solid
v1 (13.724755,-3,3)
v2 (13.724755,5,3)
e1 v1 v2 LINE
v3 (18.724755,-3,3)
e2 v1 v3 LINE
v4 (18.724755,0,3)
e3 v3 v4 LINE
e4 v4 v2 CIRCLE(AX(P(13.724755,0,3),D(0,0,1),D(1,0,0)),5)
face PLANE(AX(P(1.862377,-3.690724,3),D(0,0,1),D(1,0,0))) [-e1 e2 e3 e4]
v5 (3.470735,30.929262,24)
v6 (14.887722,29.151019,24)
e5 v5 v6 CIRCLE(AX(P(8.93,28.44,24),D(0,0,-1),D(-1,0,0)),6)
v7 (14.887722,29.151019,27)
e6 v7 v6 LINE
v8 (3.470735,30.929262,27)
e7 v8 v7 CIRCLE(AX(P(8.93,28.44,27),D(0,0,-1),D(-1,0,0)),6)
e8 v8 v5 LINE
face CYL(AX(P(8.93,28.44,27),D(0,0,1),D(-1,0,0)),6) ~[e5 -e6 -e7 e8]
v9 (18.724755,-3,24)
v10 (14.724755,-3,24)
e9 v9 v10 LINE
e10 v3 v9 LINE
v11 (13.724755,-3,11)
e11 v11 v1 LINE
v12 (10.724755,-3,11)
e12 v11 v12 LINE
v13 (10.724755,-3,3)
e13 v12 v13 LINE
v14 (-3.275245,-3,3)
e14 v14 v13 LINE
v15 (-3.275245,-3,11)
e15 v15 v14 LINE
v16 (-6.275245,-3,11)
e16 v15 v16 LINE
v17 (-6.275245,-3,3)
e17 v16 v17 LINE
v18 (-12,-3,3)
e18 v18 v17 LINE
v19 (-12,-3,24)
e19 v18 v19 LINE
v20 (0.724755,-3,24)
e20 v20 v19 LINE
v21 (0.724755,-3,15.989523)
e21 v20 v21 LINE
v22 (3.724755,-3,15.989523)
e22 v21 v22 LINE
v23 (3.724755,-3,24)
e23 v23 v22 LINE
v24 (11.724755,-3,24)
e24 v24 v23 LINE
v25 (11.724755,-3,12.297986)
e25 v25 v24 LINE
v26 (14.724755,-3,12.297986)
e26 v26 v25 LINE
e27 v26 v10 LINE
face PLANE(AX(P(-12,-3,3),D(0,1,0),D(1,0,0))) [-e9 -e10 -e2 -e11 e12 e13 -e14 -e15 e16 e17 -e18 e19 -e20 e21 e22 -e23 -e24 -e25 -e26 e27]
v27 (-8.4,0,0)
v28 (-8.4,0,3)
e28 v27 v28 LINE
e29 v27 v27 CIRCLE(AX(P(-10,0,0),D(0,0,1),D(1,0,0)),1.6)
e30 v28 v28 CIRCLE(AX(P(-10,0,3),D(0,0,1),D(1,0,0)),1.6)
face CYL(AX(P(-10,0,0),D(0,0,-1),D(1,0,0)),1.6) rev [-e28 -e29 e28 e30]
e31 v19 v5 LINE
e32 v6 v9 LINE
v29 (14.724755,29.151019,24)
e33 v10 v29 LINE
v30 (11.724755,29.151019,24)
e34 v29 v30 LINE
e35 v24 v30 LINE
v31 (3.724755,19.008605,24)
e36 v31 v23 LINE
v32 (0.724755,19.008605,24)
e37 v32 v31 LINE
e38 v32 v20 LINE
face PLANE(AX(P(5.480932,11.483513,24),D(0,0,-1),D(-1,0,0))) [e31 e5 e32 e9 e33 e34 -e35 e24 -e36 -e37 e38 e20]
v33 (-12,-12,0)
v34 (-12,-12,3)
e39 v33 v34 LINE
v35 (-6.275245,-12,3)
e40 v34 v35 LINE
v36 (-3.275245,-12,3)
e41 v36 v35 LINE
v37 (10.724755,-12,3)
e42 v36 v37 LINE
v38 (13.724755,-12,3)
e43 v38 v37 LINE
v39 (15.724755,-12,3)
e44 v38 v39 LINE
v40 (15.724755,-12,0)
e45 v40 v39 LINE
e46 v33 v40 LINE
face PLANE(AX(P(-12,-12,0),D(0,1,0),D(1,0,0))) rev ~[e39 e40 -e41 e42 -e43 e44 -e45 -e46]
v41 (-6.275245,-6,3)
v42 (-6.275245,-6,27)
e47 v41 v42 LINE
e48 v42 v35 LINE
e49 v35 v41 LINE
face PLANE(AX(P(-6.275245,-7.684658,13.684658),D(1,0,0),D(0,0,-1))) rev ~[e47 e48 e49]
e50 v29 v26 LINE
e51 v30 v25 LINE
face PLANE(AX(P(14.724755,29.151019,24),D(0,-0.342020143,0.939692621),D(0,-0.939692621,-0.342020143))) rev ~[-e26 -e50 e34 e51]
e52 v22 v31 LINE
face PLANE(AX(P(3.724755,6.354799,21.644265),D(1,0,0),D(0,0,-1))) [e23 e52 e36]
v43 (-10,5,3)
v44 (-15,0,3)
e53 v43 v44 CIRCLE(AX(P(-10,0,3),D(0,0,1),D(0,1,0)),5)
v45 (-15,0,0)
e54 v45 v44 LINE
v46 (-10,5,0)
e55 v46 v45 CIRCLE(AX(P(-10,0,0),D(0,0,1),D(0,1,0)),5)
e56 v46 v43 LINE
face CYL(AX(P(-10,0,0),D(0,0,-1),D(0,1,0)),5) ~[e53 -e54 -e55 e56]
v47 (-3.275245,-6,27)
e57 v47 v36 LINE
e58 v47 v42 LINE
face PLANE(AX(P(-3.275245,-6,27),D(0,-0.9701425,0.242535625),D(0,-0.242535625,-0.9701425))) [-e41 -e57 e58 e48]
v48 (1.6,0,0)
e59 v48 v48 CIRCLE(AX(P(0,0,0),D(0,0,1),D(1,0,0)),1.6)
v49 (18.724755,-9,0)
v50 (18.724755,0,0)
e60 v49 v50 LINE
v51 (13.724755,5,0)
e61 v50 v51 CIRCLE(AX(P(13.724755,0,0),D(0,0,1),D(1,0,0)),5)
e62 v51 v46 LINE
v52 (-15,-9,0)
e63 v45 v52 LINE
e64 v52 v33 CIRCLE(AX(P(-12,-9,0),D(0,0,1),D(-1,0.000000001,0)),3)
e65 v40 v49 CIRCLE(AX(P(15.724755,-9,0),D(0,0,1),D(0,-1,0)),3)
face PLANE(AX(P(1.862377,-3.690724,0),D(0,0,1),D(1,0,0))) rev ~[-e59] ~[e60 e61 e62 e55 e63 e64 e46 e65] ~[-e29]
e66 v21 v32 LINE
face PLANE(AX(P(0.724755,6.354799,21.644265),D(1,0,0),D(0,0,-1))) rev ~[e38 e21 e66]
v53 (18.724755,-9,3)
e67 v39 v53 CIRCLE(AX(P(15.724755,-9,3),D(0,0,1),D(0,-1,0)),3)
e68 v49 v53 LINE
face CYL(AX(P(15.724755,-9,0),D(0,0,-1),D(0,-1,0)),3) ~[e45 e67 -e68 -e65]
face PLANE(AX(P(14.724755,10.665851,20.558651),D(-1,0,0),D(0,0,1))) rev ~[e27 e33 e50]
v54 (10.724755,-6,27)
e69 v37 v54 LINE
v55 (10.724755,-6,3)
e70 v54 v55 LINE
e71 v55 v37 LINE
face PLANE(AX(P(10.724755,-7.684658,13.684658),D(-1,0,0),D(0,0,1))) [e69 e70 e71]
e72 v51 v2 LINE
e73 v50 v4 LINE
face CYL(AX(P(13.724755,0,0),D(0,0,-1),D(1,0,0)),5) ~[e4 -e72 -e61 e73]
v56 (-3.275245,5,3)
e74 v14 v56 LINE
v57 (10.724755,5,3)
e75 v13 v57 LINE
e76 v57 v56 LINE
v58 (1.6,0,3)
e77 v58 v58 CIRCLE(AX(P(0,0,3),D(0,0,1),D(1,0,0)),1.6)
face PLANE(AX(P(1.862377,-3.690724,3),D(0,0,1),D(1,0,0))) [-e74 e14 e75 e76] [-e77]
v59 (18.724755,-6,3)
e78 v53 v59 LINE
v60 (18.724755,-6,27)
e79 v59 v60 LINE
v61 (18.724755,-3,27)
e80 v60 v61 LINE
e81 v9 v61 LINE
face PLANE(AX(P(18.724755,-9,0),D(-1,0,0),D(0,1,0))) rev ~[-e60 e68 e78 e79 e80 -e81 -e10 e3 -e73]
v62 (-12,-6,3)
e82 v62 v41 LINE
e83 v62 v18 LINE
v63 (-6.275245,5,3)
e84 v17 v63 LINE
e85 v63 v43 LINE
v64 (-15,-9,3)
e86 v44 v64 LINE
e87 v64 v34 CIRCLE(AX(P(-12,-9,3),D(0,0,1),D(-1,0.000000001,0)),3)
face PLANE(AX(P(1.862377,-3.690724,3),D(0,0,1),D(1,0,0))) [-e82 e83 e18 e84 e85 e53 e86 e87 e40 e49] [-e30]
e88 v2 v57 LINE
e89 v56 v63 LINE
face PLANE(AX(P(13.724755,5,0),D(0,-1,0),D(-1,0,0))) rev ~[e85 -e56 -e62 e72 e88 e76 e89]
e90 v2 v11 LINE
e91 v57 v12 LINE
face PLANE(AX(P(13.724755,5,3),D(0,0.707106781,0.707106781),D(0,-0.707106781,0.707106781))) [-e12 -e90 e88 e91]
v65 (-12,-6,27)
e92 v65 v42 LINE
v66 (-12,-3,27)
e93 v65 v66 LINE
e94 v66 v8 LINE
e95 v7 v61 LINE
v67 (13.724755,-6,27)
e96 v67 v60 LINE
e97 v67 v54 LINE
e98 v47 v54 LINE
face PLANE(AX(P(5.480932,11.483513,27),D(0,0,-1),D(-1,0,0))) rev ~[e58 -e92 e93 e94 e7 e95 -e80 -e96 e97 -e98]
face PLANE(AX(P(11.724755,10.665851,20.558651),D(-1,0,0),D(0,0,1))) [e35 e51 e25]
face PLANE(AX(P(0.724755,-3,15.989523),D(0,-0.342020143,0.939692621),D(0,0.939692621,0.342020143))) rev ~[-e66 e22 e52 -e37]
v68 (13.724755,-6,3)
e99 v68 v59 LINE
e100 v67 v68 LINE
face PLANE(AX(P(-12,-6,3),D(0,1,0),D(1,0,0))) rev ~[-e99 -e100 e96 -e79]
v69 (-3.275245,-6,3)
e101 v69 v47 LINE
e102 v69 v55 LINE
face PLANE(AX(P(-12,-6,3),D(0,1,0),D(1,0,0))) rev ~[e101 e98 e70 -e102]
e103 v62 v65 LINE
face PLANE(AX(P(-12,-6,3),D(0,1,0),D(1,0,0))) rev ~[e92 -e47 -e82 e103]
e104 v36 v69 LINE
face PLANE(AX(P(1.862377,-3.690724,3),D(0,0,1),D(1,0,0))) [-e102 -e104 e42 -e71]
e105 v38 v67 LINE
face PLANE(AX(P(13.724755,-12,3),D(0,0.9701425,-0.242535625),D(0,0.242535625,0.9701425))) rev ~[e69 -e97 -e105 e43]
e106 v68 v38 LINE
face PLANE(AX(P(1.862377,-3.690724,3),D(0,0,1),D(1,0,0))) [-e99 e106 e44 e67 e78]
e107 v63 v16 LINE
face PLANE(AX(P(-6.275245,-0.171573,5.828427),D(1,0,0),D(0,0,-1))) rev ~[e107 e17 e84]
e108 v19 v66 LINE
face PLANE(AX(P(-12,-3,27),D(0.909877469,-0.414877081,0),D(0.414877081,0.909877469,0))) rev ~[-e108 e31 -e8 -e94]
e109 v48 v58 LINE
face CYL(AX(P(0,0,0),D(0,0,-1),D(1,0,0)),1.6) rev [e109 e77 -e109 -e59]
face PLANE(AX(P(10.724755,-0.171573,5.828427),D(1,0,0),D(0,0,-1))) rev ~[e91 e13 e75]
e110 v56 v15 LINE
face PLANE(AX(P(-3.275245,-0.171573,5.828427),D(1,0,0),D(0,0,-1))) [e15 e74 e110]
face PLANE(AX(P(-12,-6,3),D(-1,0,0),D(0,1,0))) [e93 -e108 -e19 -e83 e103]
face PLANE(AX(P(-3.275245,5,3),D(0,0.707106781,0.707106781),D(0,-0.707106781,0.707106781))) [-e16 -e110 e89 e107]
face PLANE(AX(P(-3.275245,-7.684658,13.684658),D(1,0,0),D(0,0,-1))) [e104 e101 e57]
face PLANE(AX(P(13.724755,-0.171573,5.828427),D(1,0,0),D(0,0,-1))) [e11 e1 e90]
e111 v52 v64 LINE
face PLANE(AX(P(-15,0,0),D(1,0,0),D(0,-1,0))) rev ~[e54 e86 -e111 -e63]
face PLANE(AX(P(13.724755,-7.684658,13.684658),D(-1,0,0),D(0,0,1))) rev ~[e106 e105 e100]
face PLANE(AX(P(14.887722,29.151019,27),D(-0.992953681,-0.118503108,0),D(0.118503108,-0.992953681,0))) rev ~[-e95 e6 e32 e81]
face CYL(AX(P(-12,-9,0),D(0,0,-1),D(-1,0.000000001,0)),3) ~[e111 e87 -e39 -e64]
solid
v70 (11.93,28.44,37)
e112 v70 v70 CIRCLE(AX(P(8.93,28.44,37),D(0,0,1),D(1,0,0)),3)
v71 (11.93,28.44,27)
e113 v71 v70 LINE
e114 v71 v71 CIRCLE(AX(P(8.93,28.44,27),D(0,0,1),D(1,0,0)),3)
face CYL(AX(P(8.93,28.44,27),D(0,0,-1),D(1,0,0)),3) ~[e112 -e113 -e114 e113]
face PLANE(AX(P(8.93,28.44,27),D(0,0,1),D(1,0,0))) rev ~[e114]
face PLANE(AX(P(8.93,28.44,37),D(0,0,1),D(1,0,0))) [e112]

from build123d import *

# Parameters (mm, degrees)
SKETCH_1_R      = 1.6
EXTRUDE_1_DEPTH = 3
SKETCH_2_W      = 30.724754664
SKETCH_2_H      = 3
EXTRUDE_2_DEPTH = 24
SKETCH_4_R      = 3
EXTRUDE_3_DEPTH = 10
SKETCH_5_R      = 6
SKETCH_5_R_2    = 3
EXTRUDE_4_DEPTH = 3
EXTRUDE_START   = -4
EXTRUDE_5_DEPTH = 3
EXTRUDE_START_2 = -18
EXTRUDE_6_DEPTH = 3
EXTRUDE_START_3 = -5
EXTRUDE_7_DEPTH = 3
EXTRUDE_START_4 = -22
EXTRUDE_8_DEPTH = 3


with BuildPart() as part:
    # 草图1 → 凸台-拉伸1 (new body)
    with BuildSketch(Plane.XY):
        with BuildLine():
            ThreePointArc((-10, 5), (-13.535533906, 3.535533906), (-15, 0))
            Line((-15, 0), (-15, -9))
            ThreePointArc((-15, -9), (-14.121320344, -11.121320344), (-12, -12))
            Line((-12, -12), (15.724754664, -12))
            ThreePointArc((15.724754664, -12), (17.846075007, -11.121320344), (18.724754664, -9))
            Line((18.724754664, -9), (18.724754664, 0))
            ThreePointArc((18.724754664, 0), (17.26028857, 3.535533906), (13.724754664, 5))
            Line((13.724754664, 5), (-10, 5))
        make_face()
        with Locations((-10, 0)):
            Circle(SKETCH_1_R, mode=Mode.SUBTRACT)
        Circle(SKETCH_1_R, mode=Mode.SUBTRACT)
    extrude(amount=EXTRUDE_1_DEPTH)

    # 草图2 → 凸台-拉伸2 (add)
    with BuildSketch(Plane.XY.offset(3)):
        with Locations((3.362377332, -4.5)):
            Rectangle(SKETCH_2_W, SKETCH_2_H)
    extrude(amount=EXTRUDE_2_DEPTH)

    # 草图5 → 凸台-拉伸4 (add)
    # profile 1 of 3: a face of its own
    with BuildSketch(Plane(origin=(0, 0, 27), x_dir=(-1, 0, 0), z_dir=(0, 0, -1))):
        with BuildLine():
            Line((12, -3), (-3.470735188, 30.929262484))
            ThreePointArc((-3.470735188, 30.929262484), (-3.066741995, 29.713658339), (-2.93, 28.44))
            ThreePointArc((-2.93, 28.44), (-9.28613724, 22.450578804), (-14.887722089, 29.151018645))
            Line((-14.887722089, 29.151018645), (-18.724754664, -3))
            Line((-18.724754664, -3), (12, -3))
        make_face()
    # profile 2 of 3: a face of its own
    with BuildSketch(Plane(origin=(0, 0, 27), x_dir=(-1, 0, 0), z_dir=(0, 0, -1))):
        with Locations((-8.93, 28.44)):
            Circle(SKETCH_5_R)
        with Locations(Location((-8.93, 28.44, 0), (0, 0, 180))):
            Circle(SKETCH_5_R_2, mode=Mode.SUBTRACT)
    # profile 3 of 3: a face of its own
    with BuildSketch(Plane(origin=(0, 0, 27), x_dir=(-1, 0, 0), z_dir=(0, 0, -1))):
        with Locations(Location((-8.93, 28.44, 0), (0, 0, 180))):
            Circle(SKETCH_5_R_2)
    extrude(amount=EXTRUDE_4_DEPTH)

    # 草图6 → 凸台-拉伸5 (add)
    with BuildSketch(Plane(origin=(18.724754664, 0, 0), x_dir=(0, 0, -1), z_dir=(1, 0, 0)).offset(EXTRUDE_START)):
        Polygon((-24, 29.151018645), (-12.297986212, -3), (-24, -3), align=None)
    extrude(amount=-EXTRUDE_5_DEPTH)

    # 草图7 → 凸台-拉伸6 (add)
    with BuildSketch(Plane(origin=(18.724754664, 0, 0), x_dir=(0, 0, -1), z_dir=(1, 0, 0)).offset(EXTRUDE_START_2)):
        Polygon((-15.989522991, -3), (-24, 19.008604701), (-24, -3), align=None)
    extrude(amount=EXTRUDE_6_DEPTH)

    # 草图8 → 凸台-拉伸7 (add)
    with BuildSketch(Plane(origin=(18.724754664, 0, 0), x_dir=(0, 0, -1), z_dir=(1, 0, 0)).offset(EXTRUDE_START_3)):
        Polygon((-3, 5), (-11, -3), (-3, -3), align=None)
        Polygon((-3, -12), (-27, -6), (-3, -6), align=None)
    extrude(amount=-EXTRUDE_7_DEPTH)

    # 草图9 → 凸台-拉伸8 (add)
    with BuildSketch(Plane(origin=(18.724754664, 0, 0), x_dir=(0, 0, -1), z_dir=(1, 0, 0)).offset(EXTRUDE_START_4)):
        Polygon((-27, -6), (-3, -12), (-3, -6), align=None)
        Polygon((-3, 5), (-11, -3), (-3, -3), align=None)
    extrude(amount=-EXTRUDE_8_DEPTH)


with BuildPart() as body_2:
    # 草图4 → 凸台-拉伸3 (new body)
    with BuildSketch(Plane.XY.offset(27)):
        with Locations((8.93, 28.44)):
            Circle(SKETCH_4_R)
    extrude(amount=EXTRUDE_3_DEPTH)


solid = Compound([part.part, body_2.part])
